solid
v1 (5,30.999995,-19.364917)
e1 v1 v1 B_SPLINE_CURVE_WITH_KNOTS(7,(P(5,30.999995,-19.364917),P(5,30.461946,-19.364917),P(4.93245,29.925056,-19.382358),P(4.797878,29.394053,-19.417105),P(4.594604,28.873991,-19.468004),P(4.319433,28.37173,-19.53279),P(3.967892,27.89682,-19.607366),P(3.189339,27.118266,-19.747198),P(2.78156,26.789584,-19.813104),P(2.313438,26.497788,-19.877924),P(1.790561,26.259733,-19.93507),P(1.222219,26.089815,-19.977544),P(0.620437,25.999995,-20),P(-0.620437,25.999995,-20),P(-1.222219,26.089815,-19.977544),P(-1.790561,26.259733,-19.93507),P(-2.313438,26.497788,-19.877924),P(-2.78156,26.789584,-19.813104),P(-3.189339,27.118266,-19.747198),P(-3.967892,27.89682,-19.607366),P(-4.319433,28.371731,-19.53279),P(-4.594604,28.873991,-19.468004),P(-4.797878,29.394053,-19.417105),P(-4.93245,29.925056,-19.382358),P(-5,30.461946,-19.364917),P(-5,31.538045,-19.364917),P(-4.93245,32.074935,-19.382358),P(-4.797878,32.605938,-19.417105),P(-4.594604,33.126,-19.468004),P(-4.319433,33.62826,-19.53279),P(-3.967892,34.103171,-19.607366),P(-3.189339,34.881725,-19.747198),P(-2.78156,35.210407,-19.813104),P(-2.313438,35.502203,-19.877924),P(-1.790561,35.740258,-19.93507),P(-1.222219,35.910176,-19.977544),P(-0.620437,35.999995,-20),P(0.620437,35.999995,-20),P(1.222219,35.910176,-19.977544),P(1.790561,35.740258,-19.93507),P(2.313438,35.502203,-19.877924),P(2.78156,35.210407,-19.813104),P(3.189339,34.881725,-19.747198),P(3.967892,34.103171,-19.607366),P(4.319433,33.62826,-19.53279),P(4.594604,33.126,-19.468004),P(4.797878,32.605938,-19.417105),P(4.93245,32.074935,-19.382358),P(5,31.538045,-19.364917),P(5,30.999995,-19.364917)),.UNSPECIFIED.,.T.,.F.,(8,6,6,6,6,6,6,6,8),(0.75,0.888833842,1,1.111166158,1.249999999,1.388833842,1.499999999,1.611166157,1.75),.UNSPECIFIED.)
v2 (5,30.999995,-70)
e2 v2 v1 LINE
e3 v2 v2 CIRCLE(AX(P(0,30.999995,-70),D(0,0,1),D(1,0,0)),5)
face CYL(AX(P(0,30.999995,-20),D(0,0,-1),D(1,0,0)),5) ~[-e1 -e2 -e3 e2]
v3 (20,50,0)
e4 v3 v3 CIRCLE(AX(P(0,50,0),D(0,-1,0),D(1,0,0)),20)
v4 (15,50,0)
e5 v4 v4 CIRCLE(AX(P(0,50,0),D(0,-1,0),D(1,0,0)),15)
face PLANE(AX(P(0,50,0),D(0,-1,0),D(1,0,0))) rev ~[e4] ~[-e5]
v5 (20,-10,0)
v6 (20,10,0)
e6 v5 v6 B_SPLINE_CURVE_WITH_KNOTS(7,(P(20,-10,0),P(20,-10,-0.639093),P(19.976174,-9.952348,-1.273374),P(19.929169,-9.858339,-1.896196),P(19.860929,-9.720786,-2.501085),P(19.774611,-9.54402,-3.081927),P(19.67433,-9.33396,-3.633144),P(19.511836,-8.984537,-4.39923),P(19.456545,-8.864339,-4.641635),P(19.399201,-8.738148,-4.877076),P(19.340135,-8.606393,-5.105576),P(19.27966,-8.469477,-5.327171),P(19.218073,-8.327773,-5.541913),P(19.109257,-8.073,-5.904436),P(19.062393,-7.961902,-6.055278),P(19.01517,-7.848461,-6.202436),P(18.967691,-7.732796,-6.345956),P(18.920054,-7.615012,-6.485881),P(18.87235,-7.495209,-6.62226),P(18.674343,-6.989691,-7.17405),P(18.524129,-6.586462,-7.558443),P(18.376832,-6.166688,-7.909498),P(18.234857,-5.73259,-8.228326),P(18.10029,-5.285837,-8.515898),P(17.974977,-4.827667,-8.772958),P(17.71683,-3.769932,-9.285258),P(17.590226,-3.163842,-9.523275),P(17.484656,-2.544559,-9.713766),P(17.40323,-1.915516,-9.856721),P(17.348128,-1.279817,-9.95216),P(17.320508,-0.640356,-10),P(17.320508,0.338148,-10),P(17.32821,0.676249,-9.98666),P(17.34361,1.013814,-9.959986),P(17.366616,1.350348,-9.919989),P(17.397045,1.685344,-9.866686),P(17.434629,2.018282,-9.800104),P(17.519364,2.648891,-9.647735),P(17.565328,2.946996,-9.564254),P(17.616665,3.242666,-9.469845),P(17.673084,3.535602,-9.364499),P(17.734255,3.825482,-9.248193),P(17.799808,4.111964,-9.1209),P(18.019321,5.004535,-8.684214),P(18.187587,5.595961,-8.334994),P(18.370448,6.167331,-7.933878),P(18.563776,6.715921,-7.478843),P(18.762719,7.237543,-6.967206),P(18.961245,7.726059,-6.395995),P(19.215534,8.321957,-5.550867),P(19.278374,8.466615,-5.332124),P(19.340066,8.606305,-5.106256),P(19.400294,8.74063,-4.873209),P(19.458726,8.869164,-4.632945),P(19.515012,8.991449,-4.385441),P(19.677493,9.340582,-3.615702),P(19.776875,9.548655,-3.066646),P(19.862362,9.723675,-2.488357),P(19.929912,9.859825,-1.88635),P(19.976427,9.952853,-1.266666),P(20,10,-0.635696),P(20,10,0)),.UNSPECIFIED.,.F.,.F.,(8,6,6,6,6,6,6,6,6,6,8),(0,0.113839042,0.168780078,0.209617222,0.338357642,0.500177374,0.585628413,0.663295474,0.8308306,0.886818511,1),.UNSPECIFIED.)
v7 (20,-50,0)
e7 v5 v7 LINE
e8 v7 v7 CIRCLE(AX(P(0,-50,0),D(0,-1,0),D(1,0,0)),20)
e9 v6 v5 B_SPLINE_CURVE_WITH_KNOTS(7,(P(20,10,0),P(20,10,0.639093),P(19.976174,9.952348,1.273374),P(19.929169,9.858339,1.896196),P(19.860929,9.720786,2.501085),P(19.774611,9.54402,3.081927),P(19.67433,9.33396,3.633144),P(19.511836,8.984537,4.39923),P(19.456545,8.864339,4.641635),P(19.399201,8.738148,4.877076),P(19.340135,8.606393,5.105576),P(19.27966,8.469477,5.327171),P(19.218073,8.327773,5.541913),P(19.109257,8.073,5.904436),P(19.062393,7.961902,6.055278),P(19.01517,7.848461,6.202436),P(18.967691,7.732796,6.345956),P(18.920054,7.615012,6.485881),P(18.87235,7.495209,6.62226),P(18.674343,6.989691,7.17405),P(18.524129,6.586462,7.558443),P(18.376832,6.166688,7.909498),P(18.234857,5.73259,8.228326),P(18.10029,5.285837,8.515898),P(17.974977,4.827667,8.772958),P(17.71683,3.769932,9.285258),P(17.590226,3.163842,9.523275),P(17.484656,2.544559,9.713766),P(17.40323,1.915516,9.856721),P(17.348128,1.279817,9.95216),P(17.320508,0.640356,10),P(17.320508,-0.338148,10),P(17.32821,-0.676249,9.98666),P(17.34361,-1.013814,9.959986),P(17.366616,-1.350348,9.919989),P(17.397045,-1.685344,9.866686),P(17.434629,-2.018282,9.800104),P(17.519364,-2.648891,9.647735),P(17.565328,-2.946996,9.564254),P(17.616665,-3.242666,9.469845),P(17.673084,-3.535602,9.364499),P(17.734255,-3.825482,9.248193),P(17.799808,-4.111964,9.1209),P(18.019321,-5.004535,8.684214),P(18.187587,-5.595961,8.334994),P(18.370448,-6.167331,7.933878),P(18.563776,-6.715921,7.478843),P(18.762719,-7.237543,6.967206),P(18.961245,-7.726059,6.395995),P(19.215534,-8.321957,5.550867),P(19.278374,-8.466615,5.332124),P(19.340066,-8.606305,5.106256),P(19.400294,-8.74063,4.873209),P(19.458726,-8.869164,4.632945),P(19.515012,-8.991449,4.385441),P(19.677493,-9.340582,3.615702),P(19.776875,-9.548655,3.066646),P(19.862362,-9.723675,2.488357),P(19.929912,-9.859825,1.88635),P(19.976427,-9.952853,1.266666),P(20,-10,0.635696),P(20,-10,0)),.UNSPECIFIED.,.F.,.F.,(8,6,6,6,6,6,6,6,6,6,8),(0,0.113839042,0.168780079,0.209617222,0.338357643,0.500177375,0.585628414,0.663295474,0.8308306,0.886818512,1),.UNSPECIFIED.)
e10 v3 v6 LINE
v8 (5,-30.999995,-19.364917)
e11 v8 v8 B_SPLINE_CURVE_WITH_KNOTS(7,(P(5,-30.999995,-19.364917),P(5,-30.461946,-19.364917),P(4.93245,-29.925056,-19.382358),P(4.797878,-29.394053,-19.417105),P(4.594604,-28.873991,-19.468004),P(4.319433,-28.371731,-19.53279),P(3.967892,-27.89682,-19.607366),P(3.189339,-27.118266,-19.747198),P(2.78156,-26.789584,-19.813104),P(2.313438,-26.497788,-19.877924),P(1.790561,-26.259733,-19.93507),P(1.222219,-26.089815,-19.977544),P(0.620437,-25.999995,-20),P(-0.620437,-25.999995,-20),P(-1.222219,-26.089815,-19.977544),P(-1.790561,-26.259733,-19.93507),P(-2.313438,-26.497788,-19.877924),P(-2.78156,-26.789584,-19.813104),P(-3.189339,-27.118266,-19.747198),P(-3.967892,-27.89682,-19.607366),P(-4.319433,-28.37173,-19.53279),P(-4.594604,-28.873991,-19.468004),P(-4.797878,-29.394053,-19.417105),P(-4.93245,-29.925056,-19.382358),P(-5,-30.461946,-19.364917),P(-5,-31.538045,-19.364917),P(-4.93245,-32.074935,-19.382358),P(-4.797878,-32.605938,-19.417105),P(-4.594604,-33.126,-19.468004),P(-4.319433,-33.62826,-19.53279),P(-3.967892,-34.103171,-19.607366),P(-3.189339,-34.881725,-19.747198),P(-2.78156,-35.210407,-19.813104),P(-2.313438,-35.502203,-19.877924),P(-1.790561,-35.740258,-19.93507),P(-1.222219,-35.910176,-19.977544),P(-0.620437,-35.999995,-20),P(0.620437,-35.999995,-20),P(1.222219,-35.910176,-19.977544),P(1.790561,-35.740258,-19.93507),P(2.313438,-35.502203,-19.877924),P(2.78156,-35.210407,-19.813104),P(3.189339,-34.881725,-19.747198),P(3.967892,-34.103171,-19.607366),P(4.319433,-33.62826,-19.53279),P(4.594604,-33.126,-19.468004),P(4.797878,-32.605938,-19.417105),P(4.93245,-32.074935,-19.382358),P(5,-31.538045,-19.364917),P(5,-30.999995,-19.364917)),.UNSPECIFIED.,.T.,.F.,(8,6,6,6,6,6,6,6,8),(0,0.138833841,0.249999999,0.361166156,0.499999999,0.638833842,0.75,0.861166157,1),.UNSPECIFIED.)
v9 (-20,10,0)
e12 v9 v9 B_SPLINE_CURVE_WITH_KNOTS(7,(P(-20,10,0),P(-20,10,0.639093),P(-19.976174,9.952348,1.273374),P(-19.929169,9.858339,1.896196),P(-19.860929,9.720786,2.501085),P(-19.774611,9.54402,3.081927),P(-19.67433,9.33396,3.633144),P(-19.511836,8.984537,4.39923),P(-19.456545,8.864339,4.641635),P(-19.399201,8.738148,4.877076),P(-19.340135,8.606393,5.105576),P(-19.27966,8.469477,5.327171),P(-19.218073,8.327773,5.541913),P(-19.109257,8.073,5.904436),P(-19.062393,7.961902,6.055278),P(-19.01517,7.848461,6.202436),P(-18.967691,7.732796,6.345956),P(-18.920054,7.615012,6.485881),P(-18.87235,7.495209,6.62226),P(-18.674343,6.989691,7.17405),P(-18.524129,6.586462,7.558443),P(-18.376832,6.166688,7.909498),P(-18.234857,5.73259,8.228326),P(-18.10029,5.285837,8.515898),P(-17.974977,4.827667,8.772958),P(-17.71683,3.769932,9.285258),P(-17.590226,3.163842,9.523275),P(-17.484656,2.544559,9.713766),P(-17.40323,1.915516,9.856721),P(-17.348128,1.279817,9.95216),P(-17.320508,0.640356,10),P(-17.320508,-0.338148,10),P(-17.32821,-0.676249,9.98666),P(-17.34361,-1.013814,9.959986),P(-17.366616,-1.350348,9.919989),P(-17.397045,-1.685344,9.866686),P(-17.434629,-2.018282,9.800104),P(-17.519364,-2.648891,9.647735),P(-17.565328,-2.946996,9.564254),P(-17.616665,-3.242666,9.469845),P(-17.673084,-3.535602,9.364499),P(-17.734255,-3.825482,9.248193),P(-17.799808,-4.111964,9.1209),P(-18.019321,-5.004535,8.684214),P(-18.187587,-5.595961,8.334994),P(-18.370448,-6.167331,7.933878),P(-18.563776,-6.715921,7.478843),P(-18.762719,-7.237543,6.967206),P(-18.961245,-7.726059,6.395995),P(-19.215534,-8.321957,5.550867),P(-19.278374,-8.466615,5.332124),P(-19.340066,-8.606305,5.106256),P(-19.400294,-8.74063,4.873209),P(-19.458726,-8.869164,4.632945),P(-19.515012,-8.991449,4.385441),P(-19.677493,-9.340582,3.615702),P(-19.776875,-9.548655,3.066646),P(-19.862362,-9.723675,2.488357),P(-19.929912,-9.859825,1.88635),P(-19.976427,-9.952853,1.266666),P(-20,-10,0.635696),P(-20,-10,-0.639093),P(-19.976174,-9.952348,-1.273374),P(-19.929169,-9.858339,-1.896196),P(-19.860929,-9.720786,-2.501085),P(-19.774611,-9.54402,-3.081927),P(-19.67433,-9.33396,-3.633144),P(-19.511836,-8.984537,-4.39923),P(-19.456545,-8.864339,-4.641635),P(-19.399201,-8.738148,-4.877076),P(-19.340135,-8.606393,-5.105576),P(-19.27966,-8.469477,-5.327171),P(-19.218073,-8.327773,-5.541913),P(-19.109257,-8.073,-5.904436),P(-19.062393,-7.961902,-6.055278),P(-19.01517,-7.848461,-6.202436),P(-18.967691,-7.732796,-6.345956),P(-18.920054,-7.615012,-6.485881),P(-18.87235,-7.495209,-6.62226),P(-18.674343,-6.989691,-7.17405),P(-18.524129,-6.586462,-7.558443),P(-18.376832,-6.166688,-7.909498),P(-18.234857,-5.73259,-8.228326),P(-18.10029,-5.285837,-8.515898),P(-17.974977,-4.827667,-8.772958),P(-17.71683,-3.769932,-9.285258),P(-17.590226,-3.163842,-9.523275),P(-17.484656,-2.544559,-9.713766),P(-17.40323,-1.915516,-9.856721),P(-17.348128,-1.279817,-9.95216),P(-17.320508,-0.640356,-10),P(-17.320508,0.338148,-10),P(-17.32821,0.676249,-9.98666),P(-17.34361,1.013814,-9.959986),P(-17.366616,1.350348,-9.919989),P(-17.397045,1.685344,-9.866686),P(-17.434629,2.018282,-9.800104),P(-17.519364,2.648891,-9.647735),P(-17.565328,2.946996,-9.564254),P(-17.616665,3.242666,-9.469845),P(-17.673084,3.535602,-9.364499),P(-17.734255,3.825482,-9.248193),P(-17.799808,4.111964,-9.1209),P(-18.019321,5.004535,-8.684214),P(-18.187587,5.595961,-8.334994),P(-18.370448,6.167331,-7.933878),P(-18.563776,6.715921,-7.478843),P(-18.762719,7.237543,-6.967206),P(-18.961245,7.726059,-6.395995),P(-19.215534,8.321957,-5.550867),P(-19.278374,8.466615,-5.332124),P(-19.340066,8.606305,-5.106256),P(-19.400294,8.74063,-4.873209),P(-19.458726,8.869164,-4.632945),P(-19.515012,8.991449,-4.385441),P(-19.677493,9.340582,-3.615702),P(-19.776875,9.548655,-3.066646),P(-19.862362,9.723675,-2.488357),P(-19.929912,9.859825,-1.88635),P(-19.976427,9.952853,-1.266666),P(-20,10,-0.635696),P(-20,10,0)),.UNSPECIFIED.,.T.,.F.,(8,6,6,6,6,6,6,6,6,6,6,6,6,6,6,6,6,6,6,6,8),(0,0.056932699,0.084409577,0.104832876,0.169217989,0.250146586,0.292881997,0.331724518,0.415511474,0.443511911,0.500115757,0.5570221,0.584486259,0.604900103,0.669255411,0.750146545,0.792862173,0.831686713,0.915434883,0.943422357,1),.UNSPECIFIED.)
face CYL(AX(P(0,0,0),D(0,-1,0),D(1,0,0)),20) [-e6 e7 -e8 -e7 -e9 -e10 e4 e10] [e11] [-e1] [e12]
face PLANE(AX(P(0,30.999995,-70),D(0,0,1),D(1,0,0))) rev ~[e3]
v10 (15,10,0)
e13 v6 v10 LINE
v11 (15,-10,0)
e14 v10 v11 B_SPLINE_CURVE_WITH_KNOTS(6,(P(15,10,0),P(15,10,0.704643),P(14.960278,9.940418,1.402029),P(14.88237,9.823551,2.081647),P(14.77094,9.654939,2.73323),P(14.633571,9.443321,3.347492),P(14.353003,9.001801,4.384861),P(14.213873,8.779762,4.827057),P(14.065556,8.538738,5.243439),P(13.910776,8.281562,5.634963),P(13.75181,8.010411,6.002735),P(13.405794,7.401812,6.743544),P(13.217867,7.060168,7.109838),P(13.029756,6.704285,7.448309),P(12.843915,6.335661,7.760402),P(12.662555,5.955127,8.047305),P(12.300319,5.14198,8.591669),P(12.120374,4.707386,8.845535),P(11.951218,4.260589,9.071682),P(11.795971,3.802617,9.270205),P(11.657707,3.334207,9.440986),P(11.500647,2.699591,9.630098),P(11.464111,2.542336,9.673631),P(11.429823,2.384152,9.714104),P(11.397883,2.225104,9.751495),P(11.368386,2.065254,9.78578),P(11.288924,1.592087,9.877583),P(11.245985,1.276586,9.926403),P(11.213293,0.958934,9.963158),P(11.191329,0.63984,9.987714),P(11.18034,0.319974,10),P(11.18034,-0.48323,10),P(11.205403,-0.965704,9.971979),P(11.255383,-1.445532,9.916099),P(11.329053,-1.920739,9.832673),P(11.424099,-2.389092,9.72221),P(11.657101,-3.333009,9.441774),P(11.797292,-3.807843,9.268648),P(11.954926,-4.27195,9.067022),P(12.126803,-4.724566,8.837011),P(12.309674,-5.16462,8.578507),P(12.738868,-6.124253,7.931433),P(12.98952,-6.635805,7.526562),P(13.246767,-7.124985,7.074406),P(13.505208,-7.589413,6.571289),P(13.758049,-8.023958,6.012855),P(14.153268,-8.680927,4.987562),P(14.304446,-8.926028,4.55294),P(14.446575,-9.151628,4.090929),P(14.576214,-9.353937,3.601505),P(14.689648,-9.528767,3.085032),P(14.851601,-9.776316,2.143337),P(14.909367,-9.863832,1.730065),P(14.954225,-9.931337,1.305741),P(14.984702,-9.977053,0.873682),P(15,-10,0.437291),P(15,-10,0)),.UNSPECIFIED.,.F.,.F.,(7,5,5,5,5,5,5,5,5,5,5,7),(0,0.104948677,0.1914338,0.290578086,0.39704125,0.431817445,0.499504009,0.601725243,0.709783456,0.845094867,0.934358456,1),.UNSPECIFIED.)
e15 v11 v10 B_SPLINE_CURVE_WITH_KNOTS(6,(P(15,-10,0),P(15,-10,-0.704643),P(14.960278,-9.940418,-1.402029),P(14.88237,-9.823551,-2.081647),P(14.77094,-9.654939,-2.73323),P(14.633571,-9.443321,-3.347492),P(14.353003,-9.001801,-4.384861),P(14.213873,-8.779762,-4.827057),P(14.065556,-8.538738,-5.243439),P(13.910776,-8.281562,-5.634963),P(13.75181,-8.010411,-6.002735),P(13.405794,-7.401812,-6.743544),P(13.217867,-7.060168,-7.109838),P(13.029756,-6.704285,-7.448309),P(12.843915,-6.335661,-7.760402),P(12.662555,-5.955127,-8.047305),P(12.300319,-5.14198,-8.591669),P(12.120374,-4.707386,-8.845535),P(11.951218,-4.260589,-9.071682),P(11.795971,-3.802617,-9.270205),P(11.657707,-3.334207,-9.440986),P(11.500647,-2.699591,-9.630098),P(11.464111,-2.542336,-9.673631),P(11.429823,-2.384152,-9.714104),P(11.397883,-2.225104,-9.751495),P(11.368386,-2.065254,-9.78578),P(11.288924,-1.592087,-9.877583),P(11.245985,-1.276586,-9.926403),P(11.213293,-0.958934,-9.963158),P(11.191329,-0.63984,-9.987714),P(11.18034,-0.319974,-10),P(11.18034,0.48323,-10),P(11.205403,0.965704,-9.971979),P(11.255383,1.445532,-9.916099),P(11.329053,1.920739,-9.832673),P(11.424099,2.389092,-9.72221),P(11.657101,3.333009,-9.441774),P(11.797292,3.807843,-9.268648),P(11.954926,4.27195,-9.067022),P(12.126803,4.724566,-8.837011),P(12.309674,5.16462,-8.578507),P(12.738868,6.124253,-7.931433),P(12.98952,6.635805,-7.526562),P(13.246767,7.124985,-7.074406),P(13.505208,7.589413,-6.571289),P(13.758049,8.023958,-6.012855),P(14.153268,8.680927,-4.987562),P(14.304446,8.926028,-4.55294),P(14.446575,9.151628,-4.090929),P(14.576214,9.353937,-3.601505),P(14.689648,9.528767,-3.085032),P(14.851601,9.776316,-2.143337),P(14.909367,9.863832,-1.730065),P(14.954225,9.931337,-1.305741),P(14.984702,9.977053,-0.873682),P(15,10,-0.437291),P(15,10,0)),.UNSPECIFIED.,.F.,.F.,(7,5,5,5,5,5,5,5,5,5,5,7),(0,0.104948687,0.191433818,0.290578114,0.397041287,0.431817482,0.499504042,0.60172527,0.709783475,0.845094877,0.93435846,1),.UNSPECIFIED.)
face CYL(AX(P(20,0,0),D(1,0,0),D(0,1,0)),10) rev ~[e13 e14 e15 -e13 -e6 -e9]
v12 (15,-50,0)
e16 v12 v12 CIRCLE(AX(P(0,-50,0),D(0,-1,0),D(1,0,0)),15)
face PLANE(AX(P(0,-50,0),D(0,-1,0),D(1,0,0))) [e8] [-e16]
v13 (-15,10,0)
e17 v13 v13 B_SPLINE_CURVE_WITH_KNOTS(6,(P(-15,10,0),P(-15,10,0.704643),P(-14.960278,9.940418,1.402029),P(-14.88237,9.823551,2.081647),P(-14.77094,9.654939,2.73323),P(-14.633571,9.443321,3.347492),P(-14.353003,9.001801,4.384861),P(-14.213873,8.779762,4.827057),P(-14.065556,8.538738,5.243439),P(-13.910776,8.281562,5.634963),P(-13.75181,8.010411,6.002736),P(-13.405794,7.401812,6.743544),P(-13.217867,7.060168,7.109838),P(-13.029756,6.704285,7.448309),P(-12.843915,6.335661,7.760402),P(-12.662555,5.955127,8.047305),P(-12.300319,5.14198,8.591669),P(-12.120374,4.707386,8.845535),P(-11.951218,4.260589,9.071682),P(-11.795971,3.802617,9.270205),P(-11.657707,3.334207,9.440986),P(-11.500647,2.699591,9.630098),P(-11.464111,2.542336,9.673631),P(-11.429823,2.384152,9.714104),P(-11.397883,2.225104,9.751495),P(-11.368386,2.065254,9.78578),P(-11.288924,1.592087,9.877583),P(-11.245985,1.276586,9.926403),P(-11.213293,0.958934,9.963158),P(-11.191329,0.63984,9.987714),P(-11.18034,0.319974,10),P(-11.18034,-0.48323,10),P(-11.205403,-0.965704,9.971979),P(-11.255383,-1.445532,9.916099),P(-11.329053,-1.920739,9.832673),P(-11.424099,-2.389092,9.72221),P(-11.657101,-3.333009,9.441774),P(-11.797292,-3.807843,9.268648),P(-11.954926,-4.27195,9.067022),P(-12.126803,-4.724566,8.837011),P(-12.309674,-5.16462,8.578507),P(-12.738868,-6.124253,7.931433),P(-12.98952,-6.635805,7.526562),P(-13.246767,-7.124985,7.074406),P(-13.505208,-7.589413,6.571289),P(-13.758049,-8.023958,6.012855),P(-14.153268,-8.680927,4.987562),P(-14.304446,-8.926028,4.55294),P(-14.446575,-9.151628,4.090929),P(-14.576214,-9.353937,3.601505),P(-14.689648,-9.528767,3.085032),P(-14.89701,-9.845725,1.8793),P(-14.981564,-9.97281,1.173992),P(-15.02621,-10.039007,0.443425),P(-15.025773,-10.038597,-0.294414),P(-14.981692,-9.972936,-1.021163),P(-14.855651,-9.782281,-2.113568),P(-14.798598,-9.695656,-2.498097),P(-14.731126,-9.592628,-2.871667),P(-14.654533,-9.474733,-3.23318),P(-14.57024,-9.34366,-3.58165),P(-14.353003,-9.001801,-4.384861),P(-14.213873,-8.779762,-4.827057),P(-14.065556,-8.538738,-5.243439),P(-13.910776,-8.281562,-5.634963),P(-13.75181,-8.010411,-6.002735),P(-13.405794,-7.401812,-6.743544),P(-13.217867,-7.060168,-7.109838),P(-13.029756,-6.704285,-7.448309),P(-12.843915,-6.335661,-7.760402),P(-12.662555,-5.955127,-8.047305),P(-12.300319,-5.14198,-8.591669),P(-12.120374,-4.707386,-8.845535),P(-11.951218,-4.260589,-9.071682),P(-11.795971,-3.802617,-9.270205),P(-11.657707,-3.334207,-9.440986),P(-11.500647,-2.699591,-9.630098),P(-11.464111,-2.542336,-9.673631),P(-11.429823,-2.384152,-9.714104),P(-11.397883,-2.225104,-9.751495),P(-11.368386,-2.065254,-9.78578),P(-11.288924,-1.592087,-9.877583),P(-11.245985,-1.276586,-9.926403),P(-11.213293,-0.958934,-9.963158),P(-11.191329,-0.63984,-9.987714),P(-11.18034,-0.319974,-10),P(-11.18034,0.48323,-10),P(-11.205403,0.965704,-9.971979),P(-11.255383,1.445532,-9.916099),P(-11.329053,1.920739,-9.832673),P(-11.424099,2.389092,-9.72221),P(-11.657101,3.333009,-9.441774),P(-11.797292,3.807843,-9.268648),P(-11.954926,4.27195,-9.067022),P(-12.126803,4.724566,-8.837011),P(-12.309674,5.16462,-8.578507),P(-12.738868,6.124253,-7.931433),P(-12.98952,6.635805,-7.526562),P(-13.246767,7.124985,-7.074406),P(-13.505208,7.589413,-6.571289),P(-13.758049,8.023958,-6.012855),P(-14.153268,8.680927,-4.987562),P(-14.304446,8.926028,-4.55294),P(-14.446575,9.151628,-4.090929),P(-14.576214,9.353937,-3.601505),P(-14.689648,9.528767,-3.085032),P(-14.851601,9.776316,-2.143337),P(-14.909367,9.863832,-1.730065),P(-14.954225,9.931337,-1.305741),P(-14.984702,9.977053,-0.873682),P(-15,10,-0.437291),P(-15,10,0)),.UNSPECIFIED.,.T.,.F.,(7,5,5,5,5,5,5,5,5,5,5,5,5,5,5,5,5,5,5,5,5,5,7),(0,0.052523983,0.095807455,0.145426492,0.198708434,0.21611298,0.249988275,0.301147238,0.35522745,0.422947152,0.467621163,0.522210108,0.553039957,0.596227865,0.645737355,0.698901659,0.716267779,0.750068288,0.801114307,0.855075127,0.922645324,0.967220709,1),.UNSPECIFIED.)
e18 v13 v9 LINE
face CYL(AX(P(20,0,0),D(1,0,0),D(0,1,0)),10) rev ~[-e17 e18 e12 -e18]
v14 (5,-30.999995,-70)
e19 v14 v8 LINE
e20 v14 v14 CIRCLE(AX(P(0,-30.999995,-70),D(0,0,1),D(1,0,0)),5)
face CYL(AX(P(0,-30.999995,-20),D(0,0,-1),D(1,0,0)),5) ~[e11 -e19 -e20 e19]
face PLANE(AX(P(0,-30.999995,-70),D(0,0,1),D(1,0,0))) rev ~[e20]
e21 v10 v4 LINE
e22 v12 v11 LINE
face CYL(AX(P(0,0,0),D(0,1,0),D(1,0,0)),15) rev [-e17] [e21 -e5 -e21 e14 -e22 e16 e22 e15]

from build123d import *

# Parameters (mm, degrees)
F0_R          = 20
F0_R_2        = 15
F1_DEPTH      = 50
F3_R          = 5
F4_DEPTH      = 50
F4_DEPTH_BACK = 4
F6_R          = 10
F7_DEPTH      = 50


with BuildPart() as f1:
    # F0 (on Front) → F1 (new body, symmetric)
    with BuildSketch(Plane.XZ):
        Circle(F0_R)
        Circle(F0_R_2, mode=Mode.SUBTRACT)
    extrude(amount=F1_DEPTH, both=True)

    # F3 (on offset) → F4 (join, two sides)
    with BuildSketch(Plane.XY.offset(-20)) as f4_sk:
        with Locations((0, 30.9999954911)):
            Circle(F3_R)
        with Locations((0, -30.9999954911)):
            Circle(F3_R)
    extrude(amount=-F4_DEPTH)
    extrude(f4_sk.sketch, amount=F4_DEPTH_BACK)

    # F6 (on offset) → F7 (cut)
    with BuildSketch(Plane.YZ.offset(20)):
        Circle(F6_R)
    extrude(amount=-F7_DEPTH, mode=Mode.SUBTRACT)


solid = f1.part
